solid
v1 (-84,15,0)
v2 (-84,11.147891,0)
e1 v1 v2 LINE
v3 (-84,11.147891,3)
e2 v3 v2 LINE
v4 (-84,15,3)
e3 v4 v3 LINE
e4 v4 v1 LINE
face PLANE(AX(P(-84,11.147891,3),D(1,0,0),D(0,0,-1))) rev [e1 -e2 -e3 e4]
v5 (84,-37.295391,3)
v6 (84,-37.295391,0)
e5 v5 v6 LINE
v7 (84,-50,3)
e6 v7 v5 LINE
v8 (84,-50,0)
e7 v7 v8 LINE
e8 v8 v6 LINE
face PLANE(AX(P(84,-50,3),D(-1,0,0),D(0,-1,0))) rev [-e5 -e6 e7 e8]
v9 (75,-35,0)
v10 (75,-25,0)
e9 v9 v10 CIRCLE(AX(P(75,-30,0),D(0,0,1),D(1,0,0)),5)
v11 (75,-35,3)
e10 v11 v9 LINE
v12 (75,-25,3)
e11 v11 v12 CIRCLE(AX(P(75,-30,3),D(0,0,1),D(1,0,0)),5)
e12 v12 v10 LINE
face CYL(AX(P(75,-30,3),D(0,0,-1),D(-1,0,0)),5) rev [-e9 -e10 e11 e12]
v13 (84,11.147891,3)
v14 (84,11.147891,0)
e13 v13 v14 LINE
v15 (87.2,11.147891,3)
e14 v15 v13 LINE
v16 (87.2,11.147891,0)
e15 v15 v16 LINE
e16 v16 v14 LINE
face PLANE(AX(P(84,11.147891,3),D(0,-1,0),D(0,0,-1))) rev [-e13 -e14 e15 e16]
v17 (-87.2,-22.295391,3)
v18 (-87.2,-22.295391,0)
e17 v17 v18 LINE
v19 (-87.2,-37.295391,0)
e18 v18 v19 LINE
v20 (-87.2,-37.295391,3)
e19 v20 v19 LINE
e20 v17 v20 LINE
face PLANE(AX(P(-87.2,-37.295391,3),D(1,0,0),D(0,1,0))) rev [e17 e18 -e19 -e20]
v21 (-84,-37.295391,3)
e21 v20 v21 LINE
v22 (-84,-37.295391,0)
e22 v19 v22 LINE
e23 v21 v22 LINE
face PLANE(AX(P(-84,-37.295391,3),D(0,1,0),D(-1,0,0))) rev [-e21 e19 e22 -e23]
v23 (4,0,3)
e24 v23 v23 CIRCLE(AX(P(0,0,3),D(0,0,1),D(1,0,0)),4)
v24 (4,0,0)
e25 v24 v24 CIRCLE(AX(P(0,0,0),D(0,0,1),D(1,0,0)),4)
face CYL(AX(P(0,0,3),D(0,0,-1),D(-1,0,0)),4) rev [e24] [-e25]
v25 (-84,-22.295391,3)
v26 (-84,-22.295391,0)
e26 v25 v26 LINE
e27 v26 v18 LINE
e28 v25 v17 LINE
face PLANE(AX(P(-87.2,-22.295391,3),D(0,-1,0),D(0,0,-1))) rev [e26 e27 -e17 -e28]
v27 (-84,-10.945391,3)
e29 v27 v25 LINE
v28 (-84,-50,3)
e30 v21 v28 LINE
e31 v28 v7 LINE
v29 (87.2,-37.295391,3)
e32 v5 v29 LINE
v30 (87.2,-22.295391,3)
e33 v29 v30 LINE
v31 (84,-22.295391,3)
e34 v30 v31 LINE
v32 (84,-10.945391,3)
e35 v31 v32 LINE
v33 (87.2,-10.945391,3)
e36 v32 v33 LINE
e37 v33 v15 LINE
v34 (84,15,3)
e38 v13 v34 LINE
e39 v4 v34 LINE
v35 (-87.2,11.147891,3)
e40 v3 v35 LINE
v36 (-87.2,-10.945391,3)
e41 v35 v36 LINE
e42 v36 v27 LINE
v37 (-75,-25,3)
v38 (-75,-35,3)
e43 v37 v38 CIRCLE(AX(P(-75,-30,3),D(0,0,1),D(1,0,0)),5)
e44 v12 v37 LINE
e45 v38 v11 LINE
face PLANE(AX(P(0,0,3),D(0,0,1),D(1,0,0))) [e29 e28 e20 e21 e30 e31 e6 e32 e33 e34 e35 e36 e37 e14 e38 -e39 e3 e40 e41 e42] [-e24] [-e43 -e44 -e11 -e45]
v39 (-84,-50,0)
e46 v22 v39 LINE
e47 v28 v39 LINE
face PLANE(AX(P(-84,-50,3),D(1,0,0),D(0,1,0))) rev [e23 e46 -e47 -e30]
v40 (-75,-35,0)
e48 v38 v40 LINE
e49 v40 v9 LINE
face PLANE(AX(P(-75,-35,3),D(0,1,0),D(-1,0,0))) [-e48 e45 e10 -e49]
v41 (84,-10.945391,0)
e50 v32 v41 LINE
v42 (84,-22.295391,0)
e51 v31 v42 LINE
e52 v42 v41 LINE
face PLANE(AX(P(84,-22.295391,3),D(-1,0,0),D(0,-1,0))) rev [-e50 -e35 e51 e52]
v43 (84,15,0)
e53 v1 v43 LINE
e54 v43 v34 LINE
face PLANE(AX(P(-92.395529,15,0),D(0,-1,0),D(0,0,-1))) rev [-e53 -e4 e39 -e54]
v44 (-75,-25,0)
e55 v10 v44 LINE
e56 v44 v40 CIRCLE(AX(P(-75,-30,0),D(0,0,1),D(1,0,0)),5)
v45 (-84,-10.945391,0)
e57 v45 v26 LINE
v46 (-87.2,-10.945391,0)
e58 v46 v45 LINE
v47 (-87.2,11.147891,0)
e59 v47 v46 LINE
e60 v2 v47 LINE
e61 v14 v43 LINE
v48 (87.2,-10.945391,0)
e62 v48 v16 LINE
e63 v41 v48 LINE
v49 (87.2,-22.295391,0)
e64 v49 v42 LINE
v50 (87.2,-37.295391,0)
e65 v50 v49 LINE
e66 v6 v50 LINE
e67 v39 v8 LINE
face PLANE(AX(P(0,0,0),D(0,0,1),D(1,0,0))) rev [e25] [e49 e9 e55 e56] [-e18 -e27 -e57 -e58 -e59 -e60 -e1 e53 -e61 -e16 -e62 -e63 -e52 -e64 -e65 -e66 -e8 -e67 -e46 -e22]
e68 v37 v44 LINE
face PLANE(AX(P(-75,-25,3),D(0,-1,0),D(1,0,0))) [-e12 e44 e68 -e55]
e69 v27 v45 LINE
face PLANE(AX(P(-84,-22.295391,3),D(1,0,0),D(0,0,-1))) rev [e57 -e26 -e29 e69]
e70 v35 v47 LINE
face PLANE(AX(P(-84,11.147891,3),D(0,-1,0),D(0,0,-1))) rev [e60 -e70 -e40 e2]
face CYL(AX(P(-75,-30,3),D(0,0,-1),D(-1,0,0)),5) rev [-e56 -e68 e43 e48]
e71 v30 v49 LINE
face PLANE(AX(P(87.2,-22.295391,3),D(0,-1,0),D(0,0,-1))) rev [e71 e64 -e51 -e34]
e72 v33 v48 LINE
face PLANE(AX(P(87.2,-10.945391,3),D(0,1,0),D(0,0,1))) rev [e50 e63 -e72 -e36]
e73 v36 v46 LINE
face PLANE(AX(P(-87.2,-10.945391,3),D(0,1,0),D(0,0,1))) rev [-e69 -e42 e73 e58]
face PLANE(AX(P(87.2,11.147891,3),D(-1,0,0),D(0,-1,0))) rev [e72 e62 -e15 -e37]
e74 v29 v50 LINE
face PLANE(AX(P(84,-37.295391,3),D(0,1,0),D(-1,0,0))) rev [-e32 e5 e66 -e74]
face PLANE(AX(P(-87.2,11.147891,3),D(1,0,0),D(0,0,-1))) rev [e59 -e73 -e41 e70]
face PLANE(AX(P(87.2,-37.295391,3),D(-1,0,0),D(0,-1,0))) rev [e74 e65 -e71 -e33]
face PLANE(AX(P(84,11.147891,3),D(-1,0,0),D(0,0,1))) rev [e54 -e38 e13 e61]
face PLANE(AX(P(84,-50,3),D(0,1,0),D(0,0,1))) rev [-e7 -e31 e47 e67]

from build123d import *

# Parameters (mm, degrees)
CROQUIS1_R              = 4
SALIENTE_EXTRUIR1_DEPTH = 3
CROQUIS2_W              = 183.661988175
CROQUIS2_H              = 35
CORTAR_EXTRUIR1_DEPTH   = 4


with BuildPart() as part:
    # Croquis1 → Saliente-Extruir1 (new body)
    with BuildSketch(Plane.XY):
        Polygon((-84, 37.295390898), (-87.2, 37.295390898), (-87.2, 22.295390898), (-84, 22.295390898), (-84, 11.147890898), (-87.2, 11.147890898), (-87.2, -10.945390898), (-84, -10.945390898), (-84, -22.295390898), (-87.2, -22.295390898), (-87.2, -37.295390898), (-84, -37.295390898), (-84, -50), (84, -50), (84, -37.295390898), (87.2, -37.295390898), (87.2, -22.295390898), (84, -22.295390898), (84, -10.945390898), (87.2, -10.945390898), (87.2, 11.147890898), (84, 11.147890898), (84, 22.295390898), (87.2, 22.295390898), (87.2, 37.295390898), (84, 37.295390898), (84, 50), (-84, 50), align=None)
        Circle(CROQUIS1_R, mode=Mode.SUBTRACT)
        with BuildLine():
            Line((-75, -25), (75, -25))
            ThreePointArc((75, -25), (80, -30), (75, -35))
            Line((75, -35), (-75, -35))
            ThreePointArc((-75, -35), (-80, -30), (-75, -25))
        make_face(mode=Mode.SUBTRACT)
        with BuildLine():
            Line((-75, 25), (75, 25))
            ThreePointArc((75, 25), (80, 30), (75, 35))
            Line((75, 35), (-75, 35))
            ThreePointArc((-75, 35), (-80, 30), (-75, 25))
        make_face(mode=Mode.SUBTRACT)
    extrude(amount=SALIENTE_EXTRUIR1_DEPTH)

    # Croquis2 → Cortar-Extruir1 (cut, through all)
    with BuildSketch(Plane.XY.offset(3)):
        with Locations((-0.5645348, 32.5)):
            Rectangle(CROQUIS2_W, CROQUIS2_H)
    extrude(amount=-CORTAR_EXTRUIR1_DEPTH, mode=Mode.SUBTRACT)


solid = part.part
